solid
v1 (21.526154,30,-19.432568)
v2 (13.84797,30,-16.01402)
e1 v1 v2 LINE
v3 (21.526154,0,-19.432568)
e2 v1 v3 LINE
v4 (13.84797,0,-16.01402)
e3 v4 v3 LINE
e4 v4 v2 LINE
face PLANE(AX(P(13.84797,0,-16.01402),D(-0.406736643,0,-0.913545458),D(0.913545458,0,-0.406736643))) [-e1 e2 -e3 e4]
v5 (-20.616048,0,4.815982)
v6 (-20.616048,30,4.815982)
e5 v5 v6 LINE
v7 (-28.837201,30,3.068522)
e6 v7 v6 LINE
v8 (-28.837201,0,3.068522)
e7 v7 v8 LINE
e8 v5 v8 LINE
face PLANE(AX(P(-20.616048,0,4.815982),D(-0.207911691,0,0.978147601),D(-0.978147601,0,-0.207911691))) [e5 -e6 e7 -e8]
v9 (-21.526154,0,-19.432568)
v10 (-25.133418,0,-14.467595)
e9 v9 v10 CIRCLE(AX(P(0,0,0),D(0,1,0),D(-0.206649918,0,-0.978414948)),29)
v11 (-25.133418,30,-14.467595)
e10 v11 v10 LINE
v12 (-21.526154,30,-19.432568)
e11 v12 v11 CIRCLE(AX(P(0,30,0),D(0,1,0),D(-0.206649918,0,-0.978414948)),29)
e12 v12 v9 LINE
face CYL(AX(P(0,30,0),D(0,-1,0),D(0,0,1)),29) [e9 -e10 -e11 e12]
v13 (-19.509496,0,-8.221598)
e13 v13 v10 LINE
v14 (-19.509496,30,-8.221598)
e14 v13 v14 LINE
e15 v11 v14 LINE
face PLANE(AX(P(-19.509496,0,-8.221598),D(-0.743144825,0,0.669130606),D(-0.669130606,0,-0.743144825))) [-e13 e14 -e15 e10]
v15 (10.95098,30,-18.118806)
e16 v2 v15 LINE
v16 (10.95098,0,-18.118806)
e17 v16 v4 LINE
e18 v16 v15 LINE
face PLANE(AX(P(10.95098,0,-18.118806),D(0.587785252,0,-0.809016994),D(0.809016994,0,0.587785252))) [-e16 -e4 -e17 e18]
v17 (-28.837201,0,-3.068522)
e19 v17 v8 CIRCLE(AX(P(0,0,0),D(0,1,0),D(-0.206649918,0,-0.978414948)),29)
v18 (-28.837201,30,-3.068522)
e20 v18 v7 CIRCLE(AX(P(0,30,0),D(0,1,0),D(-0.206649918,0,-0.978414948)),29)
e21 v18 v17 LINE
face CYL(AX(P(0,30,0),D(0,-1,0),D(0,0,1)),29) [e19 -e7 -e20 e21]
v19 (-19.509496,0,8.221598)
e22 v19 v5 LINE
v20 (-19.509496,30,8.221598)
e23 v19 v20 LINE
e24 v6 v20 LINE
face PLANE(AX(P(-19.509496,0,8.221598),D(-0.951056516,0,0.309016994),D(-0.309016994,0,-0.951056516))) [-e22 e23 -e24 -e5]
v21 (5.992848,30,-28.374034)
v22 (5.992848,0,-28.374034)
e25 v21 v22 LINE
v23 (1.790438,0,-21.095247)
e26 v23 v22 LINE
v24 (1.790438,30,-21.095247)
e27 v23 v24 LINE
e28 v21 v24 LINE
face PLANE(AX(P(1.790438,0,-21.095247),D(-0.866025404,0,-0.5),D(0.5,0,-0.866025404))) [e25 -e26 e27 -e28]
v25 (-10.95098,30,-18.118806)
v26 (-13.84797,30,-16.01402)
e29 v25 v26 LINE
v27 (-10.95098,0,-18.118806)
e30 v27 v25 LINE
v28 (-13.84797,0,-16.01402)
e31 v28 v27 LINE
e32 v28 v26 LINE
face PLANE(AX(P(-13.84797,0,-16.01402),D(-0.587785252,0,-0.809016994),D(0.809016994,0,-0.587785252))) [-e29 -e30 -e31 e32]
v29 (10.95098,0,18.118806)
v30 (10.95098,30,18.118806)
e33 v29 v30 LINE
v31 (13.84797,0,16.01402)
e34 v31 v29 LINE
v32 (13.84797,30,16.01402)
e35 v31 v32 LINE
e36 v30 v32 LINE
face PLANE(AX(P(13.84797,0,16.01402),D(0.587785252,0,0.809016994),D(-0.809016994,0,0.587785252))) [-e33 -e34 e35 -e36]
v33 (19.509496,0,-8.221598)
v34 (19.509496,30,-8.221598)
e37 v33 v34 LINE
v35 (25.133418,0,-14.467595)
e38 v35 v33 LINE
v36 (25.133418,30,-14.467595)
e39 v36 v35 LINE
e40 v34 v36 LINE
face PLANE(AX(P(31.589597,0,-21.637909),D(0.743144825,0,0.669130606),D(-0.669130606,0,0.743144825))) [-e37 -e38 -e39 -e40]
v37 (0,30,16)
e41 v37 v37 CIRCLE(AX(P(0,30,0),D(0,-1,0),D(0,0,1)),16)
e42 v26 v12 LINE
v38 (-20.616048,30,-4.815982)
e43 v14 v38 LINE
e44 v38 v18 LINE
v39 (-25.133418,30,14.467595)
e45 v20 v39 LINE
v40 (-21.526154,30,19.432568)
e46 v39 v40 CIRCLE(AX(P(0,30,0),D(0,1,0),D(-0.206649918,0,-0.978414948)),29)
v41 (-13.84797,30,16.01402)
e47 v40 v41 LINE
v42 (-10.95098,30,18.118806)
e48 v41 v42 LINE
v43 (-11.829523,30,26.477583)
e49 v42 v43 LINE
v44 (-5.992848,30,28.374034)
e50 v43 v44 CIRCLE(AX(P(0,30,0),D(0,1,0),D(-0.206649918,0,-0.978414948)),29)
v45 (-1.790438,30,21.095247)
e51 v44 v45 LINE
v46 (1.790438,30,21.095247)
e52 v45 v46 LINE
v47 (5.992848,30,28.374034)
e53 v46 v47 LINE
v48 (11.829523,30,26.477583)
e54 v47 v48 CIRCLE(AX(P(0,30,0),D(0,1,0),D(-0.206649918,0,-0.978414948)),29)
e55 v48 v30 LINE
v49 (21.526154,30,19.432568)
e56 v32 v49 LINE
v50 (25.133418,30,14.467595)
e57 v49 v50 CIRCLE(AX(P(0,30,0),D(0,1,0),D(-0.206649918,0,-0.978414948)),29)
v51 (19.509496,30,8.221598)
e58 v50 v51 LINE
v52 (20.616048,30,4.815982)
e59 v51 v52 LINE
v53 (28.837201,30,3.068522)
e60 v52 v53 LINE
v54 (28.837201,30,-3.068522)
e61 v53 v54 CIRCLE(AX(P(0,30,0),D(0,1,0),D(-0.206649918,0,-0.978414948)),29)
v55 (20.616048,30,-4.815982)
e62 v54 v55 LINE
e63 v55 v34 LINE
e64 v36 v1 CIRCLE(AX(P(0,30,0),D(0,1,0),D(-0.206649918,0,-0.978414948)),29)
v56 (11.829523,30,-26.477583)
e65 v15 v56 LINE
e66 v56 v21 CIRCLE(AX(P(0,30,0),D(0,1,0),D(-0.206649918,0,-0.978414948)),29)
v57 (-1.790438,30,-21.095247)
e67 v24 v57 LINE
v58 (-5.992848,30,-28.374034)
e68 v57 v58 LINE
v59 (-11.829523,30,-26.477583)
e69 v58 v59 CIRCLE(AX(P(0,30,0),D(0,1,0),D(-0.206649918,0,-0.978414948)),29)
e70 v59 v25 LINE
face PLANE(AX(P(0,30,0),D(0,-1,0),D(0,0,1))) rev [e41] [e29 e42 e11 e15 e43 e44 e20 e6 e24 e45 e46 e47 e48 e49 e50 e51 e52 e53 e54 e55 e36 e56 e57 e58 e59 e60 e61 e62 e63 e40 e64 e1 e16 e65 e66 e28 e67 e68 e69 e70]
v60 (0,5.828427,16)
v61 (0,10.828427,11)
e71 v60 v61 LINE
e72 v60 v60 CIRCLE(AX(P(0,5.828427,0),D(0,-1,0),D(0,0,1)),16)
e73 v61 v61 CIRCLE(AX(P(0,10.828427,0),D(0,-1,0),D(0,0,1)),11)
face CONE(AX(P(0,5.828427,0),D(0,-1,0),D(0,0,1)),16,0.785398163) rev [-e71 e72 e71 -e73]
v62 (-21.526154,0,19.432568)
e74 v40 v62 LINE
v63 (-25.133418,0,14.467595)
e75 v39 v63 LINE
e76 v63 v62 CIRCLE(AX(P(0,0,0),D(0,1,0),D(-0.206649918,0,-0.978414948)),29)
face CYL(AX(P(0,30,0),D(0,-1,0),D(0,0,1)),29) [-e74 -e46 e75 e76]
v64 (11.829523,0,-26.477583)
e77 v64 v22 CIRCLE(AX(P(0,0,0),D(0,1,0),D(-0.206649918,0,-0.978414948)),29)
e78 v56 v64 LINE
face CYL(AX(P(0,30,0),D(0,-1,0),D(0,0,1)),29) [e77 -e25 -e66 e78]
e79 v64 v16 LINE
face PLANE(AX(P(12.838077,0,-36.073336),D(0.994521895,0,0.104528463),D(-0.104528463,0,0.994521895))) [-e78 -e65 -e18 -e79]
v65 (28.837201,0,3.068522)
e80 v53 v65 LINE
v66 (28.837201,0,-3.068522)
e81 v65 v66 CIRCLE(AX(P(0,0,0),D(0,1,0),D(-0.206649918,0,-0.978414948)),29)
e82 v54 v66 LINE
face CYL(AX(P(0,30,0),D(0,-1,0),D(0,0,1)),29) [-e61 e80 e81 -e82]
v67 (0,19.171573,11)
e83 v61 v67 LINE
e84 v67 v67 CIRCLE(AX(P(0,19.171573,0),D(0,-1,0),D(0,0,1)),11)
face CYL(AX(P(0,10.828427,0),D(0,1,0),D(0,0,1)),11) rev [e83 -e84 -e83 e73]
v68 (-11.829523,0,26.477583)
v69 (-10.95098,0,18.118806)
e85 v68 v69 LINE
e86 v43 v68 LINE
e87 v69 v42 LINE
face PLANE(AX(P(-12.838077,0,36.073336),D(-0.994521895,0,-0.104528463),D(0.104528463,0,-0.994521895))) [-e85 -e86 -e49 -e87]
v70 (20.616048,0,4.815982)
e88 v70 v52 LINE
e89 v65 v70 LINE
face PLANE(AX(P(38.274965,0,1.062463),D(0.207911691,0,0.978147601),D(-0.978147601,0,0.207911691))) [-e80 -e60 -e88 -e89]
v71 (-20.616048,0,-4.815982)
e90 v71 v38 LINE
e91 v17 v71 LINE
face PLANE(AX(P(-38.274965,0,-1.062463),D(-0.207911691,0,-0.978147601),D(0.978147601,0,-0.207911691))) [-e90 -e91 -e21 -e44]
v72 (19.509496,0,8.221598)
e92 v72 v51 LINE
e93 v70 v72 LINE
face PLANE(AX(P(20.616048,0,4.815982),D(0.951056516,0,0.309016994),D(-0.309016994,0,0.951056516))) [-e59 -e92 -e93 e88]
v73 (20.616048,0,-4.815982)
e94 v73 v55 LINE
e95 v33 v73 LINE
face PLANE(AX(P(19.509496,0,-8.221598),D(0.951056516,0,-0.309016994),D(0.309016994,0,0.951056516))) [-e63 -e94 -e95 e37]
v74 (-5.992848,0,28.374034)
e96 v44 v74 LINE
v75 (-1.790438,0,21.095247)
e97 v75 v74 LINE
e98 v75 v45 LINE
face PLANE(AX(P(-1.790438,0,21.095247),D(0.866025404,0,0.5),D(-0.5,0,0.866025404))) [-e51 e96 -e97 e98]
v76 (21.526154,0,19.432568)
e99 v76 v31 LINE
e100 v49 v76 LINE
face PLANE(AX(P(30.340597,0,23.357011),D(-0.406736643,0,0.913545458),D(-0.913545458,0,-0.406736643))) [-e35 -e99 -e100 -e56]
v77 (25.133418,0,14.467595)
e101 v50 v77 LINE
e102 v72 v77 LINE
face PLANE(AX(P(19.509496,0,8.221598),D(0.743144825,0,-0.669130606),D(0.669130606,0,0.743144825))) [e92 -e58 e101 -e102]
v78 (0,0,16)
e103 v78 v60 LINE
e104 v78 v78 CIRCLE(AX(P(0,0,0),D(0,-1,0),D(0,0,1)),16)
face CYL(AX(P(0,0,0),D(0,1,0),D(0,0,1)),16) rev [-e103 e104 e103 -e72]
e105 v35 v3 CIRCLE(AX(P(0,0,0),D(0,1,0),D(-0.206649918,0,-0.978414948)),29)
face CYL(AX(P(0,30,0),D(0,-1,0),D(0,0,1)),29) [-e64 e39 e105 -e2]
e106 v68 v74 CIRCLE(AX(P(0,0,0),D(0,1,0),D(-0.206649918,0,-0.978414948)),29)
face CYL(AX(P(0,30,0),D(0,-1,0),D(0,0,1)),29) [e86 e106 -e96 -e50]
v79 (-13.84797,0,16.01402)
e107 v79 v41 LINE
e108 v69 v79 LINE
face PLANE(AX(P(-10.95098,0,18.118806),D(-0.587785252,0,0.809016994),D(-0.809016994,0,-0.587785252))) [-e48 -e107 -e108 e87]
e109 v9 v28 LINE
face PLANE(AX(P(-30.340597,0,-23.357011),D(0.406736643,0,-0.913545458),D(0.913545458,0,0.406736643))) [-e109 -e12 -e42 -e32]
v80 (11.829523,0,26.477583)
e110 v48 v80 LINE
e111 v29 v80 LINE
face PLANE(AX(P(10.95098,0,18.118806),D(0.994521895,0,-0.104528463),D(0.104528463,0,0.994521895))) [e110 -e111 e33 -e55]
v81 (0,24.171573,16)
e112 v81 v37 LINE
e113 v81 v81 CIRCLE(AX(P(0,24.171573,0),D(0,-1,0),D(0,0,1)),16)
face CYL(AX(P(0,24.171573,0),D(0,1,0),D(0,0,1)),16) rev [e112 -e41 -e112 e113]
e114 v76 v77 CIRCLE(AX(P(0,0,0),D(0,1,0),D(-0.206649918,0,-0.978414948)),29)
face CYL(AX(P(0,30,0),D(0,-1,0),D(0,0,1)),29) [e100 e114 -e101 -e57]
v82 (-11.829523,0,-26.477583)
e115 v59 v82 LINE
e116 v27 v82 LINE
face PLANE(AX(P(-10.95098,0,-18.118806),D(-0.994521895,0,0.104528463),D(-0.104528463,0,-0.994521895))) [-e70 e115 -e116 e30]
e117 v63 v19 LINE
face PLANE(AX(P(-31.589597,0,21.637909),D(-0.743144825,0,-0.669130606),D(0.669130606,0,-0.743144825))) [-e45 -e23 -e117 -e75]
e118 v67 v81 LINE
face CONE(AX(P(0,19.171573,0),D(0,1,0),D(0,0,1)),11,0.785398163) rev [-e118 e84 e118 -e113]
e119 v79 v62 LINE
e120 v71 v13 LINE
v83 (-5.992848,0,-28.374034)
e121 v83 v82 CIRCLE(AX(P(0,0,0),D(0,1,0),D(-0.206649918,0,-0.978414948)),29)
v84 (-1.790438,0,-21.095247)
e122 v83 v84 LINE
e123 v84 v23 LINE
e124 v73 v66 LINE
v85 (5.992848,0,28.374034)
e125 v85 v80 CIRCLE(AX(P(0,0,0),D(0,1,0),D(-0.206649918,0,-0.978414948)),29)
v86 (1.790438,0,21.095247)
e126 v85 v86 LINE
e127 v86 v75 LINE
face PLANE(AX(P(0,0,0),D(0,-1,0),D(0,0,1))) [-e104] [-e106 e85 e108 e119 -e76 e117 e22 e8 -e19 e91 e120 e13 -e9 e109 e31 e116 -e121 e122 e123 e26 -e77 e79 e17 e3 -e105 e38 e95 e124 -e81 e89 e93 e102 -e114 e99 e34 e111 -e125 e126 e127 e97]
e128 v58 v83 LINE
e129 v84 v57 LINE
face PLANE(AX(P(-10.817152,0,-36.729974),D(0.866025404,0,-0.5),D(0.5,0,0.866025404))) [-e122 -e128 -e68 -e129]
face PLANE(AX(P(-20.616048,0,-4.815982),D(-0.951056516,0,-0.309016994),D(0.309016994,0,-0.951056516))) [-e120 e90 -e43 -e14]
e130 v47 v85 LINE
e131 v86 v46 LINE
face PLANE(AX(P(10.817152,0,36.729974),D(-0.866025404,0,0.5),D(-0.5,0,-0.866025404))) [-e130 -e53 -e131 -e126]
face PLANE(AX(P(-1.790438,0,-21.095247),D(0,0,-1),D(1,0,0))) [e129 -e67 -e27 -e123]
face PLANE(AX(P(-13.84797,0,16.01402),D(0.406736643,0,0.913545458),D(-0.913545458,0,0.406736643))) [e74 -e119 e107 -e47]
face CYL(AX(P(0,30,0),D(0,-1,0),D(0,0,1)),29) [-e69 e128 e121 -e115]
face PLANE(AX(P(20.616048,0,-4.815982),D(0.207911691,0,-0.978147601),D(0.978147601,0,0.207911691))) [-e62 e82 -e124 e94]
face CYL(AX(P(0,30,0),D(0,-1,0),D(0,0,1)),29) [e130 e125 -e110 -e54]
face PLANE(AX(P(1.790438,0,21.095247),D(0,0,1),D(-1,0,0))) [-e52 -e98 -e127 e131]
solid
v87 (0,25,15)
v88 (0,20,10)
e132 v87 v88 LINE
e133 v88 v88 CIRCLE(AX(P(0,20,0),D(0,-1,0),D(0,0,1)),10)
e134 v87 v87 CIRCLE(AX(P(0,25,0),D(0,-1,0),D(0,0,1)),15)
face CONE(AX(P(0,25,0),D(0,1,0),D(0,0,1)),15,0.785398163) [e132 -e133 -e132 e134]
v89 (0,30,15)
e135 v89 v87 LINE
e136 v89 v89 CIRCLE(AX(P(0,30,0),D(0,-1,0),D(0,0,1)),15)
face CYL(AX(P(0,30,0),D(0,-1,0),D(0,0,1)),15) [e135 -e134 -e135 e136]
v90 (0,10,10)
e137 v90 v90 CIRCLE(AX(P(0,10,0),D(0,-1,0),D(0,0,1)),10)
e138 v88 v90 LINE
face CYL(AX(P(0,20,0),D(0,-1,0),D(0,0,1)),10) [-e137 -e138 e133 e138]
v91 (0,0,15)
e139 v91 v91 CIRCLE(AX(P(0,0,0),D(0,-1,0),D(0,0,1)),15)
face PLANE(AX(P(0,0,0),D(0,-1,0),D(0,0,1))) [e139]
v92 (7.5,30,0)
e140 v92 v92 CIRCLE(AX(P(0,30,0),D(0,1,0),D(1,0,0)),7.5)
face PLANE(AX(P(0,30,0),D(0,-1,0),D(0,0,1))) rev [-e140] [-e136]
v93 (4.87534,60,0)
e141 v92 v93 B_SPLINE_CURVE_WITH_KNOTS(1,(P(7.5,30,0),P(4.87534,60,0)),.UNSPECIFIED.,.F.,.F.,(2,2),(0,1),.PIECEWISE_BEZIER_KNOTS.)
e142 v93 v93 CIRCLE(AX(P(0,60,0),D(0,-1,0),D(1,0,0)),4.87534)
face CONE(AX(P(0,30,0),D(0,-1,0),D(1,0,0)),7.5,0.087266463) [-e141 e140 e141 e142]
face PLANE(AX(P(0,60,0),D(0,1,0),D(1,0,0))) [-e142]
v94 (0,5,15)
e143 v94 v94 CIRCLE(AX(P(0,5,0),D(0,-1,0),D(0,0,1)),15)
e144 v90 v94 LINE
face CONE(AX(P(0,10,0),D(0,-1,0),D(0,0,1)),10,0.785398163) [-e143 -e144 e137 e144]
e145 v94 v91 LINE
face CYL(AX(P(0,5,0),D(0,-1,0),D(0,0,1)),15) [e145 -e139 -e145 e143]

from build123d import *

# Parameters (mm, degrees)
CUT_EXTRUDE1_DEPTH  = 51.813384064
CIRPATTERN1_COUNT   = 10
SKETCH4_R           = 7.5
BOSS_EXTRUDE1_DEPTH = 30
BOSS_EXTRUDE1_TAPER = 5


with BuildPart() as part:
    # Sketch1 → Revolve1 (revolve)
    with BuildSketch(Plane.XY, mode=Mode.PRIVATE) as revolve1_sk:
        Polygon((15, 30), (15, 25), (10, 20), (10, 10), (15, 5), (15, 0), (0, 0), (0, 30), align=None)
    revolve(revolve1_sk.sketch.rotate(Axis((0, 67.578947368, 0), (0, -1, 0)), 90), axis=Axis((0, 67.578947368, 0), (0, -1, 0)))

    # Sketch4 → Boss-Extrude1 (add)
    with BuildSketch(Plane(origin=(0, 30, 0), x_dir=(1, 0, 0), z_dir=(0, 1, 0))):
        Circle(SKETCH4_R)
    extrude(amount=BOSS_EXTRUDE1_DEPTH, taper=BOSS_EXTRUDE1_TAPER)


with BuildPart() as body_2:
    # Sketch2 → Revolve2 (revolve)
    with BuildSketch(Plane.XY, mode=Mode.PRIVATE) as revolve2_sk:
        Polygon((16, 30), (29, 30), (29, 0), (16, 0), (16, 5.828427125), (11, 10.828427125), (11, 19.171572875), (16, 24.171572875), align=None)
    revolve(revolve2_sk.sketch.rotate(Axis((0, 82.985543577, 0), (0, -1, 0)), 90), axis=Axis((0, 82.985543577, 0), (0, -1, 0)))

    # Sketch8 → Cut-Extrude1 (cut, through all)
    with BuildSketch(Plane.XZ):
        Polygon((-1.790438074, -21.095246631), (1.790438074, -21.095246631), (10.81715224, -36.729974192), (-10.81715224, -36.729974192), align=None)
    cut_extrude1 = extrude(amount=-CUT_EXTRUDE1_DEPTH, mode=Mode.SUBTRACT)

    # CirPattern1: Cut-Extrude1 ×10 about axis
    cirpattern1_axis = Axis((0, 0, 0), (0, 1, 0))
    for i in range(1, CIRPATTERN1_COUNT):
        add(cut_extrude1.rotate(cirpattern1_axis, i * 360 / CIRPATTERN1_COUNT), mode=Mode.SUBTRACT)


solid = Compound([part.part, body_2.part])
